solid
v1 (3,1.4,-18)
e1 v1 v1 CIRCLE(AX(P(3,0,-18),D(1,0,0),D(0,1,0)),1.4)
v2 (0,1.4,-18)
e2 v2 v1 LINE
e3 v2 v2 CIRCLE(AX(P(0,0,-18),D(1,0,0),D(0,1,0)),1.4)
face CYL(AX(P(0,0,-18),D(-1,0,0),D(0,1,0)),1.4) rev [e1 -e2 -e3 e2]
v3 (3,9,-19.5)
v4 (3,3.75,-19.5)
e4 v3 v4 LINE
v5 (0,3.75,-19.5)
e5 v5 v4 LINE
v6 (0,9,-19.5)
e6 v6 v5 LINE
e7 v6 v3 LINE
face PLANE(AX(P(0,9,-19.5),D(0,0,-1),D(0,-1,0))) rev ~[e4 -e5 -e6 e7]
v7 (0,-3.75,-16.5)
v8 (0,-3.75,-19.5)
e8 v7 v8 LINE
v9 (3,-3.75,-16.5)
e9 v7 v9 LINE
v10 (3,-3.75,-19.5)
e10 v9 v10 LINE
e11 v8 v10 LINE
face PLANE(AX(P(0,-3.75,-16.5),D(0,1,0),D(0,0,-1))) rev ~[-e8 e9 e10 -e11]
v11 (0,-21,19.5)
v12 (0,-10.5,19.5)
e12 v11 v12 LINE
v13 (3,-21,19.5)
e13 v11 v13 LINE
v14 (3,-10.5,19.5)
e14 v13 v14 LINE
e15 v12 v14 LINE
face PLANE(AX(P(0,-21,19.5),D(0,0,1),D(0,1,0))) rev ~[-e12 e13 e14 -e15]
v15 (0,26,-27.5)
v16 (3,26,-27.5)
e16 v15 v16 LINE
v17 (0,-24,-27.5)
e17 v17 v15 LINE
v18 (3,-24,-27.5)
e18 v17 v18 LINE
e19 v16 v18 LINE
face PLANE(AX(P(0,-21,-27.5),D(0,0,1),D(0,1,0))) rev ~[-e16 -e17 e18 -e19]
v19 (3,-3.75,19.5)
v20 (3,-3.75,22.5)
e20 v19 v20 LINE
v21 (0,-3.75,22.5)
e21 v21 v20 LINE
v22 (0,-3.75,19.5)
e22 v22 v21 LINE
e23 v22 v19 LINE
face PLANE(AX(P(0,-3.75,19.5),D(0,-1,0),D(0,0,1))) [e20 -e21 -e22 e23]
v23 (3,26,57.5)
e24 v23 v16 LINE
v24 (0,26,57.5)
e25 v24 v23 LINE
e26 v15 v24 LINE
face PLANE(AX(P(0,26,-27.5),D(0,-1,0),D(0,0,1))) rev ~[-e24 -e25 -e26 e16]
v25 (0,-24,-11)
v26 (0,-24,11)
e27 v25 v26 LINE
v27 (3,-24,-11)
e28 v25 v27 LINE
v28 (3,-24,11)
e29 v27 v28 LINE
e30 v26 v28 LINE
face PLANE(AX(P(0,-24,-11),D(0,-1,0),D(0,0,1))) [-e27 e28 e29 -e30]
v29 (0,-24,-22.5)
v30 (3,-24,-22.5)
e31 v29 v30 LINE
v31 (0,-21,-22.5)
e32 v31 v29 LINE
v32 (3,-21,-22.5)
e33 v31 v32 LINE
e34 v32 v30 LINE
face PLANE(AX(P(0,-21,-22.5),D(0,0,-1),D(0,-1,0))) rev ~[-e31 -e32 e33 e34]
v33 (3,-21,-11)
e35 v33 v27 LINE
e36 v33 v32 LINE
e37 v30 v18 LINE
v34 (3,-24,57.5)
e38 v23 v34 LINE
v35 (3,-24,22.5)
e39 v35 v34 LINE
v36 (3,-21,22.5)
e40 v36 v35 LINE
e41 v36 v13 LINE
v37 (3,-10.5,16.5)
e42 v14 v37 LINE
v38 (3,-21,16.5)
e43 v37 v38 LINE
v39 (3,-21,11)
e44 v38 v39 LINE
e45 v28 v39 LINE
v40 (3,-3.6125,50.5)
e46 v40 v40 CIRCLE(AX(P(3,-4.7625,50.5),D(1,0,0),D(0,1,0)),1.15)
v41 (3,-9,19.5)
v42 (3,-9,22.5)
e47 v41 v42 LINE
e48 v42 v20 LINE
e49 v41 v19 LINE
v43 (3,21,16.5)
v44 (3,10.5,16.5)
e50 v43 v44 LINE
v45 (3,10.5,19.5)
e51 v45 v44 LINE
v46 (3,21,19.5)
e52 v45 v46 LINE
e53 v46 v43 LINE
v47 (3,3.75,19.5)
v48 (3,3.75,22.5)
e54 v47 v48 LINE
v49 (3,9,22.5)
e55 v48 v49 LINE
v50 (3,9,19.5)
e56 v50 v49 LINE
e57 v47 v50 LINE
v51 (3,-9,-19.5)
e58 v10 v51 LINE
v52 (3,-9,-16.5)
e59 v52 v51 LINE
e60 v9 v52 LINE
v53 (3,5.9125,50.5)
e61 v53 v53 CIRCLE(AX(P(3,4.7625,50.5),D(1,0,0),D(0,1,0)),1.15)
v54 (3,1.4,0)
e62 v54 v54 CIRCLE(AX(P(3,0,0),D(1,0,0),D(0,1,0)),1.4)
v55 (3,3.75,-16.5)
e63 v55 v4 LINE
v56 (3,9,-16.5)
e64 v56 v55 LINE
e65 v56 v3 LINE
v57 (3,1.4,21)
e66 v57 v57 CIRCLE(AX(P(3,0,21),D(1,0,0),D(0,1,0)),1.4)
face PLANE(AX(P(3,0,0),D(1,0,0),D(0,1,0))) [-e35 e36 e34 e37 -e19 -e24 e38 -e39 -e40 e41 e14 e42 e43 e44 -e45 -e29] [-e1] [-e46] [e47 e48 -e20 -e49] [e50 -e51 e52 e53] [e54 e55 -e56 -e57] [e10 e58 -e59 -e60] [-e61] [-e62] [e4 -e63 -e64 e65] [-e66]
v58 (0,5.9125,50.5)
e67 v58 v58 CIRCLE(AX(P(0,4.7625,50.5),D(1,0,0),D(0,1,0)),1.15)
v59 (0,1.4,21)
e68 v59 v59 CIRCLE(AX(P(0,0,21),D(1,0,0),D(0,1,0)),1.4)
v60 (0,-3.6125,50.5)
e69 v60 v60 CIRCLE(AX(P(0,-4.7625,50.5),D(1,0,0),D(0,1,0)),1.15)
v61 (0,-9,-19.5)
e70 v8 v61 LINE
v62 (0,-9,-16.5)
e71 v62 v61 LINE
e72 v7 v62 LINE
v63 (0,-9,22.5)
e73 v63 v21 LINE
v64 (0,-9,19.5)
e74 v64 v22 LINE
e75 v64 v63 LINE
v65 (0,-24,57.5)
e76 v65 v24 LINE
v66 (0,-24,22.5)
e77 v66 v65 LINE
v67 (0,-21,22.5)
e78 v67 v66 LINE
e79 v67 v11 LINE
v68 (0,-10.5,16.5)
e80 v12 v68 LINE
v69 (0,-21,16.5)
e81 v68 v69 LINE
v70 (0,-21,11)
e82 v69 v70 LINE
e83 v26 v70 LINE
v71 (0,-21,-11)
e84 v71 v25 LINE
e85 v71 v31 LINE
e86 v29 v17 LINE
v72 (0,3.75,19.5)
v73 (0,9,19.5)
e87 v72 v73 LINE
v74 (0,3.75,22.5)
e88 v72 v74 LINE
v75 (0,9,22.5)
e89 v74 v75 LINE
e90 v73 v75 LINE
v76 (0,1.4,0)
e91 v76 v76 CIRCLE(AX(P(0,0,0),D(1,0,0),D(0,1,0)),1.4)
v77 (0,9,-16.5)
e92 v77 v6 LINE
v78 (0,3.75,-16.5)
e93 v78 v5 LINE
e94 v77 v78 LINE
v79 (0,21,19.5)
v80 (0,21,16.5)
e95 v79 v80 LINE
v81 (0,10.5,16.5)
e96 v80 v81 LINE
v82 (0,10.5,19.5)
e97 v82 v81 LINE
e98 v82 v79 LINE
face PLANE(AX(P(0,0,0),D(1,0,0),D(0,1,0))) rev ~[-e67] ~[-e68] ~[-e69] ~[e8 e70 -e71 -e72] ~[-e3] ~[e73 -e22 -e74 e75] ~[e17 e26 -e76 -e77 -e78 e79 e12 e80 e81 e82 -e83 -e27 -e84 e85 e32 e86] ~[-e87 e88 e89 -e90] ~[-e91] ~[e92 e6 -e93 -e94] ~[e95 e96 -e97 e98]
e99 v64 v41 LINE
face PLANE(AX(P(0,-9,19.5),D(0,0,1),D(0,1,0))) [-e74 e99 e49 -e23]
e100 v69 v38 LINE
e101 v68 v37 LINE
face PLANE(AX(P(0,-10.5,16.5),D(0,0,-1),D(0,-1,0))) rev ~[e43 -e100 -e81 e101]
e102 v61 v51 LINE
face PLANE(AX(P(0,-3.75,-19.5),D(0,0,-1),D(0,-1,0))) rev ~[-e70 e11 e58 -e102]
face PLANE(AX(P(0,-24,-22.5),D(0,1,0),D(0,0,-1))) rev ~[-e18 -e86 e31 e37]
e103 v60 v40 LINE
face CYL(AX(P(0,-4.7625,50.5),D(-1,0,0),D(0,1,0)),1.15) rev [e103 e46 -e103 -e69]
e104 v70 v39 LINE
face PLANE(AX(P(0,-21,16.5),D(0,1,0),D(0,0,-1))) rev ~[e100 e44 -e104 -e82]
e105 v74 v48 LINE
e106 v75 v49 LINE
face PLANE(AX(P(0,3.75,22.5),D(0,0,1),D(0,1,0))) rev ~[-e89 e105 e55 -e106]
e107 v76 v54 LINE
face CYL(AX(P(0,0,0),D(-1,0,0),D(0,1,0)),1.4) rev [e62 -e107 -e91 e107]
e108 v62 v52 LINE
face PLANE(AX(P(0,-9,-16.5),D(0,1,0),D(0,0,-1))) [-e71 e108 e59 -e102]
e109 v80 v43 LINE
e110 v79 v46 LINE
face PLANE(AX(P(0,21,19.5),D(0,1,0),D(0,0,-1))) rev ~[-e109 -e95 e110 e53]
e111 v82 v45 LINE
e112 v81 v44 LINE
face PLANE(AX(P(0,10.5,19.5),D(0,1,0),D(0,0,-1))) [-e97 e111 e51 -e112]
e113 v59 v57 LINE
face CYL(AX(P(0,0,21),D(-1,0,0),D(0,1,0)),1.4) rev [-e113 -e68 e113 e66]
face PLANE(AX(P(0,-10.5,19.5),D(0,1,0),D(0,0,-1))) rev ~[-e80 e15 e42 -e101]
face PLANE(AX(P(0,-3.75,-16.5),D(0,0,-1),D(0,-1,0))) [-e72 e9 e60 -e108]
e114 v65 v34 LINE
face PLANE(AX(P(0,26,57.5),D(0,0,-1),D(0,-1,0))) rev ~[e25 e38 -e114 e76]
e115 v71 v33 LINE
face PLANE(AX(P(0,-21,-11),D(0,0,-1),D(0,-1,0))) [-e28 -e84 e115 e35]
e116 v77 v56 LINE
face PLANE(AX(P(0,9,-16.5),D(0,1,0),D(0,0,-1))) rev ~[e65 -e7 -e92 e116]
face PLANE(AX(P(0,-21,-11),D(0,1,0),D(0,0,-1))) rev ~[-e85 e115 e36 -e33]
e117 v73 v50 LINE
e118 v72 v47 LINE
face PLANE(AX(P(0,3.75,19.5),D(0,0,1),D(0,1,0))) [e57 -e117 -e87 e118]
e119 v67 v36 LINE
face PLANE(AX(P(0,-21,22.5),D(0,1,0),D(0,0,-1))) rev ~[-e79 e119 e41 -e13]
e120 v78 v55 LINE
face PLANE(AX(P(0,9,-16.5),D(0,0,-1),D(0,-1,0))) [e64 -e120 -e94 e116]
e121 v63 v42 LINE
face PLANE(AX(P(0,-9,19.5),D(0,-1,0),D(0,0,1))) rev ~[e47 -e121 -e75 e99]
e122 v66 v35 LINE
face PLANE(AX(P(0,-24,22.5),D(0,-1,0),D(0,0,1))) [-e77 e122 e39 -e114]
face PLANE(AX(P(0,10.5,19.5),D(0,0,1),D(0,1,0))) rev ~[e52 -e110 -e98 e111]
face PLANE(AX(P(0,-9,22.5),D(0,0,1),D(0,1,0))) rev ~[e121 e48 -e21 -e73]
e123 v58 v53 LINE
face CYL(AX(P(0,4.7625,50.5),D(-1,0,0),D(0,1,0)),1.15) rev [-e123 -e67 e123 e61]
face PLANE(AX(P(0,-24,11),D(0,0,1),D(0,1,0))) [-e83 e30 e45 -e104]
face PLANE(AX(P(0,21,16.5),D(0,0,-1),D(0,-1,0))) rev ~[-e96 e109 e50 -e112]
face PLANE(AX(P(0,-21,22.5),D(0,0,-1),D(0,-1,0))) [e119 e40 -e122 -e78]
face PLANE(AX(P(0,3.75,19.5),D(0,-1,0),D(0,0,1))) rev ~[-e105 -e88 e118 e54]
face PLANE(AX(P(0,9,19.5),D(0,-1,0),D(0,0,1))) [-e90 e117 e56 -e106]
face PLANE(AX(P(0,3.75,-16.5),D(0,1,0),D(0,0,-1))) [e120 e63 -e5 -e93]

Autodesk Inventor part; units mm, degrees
ref_plane "YZ Plane" through (0, 0, 0) normal (1, 0, 0) x (0, 1, 0)
ref_plane "XZ Plane" through (0, 0, 0) normal (0, 1, 0) x (-1, 0, 0)
ref_plane "XY Plane" through (0, 0, 0) normal (0, 0, 1) x (1, 0, 0)
sketch "Sketch2" plane through (0, 0, 0) normal (1, 0, 0) x (0, 1, 0)
  line L0 (-21, 22.5) -> (-21, 19.5)
  line L1 (-21, -11) -> (-21, -27.5)
  line L2 (-21, -27.5) -> (26, -27.5)
  line L3 (26, -27.5) -> (26, 27.5)
  line L4 (26, 27.5) -> (-21, 27.5)
  line L5 (-21, 27.5) -> (-21, 22.5)
  line L6 (26, 27.5) -> (26, 57.5)
  line L7 (26, 57.5) -> (-21, 57.5)
  line L8 (-21, 57.5) -> (-21, 27.5)
  circle A0 centre (4.7625, 50.5) radius 1.15
  circle A1 centre (-4.7625, 50.5) radius 1.15
  line L9 (4.7625, 50.5) -> (0, 50.5) construction
  line L10 (0, 50.5) -> (-4.7625, 50.5) construction
  line L11 (-21, 22.5) -> (-24, 22.5)
  line L12 (-24, 22.5) -> (-24, 57.5)
  line L13 (-24, 57.5) -> (-21, 57.5)
  line L14 (-21, -22.5) -> (-24, -22.5)
  line L15 (-24, -22.5) -> (-24, -27.5)
  line L16 (-24, -27.5) -> (-21, -27.5)
  line L17 (-21, -11) -> (-24, -11)
  line L18 (-24, -11) -> (-24, 11)
  line L19 (-24, 11) -> (-21, 11)
  line L20 (-21, 11) -> (-21, -11)
  line L21 (-21, 16.5) -> (-21, 11)
  line L22 (-21, 19.5) -> (-21, 16.5)
  circle A2 centre (0, 0) radius 1.4
  line L23 (10.5, 19.5) -> (21, 19.5) projected
  line L24 (10.5, 19.5) -> (10.5, 16.5) projected
  line L25 (21, 16.5) -> (10.5, 16.5) projected
  line L26 (21, 19.5) -> (21, 16.5) projected
  line L27 (3.75, 19.5) -> (9, 19.5) projected
  line L28 (9, 19.5) -> (9, 22.5) projected
  line L29 (3.75, 22.5) -> (9, 22.5) projected
  line L30 (3.75, 19.5) -> (3.75, 22.5) projected
  line L31 (-9, 19.5) -> (-3.75, 19.5) projected
  line L32 (-3.75, 19.5) -> (-3.75, 22.5) projected
  line L33 (-9, 22.5) -> (-3.75, 22.5) projected
  line L34 (-9, 19.5) -> (-9, 22.5) projected
  line L35 (-24, 19.5) -> (-10.5, 19.5) projected
  line L36 (-24, 19.5) -> (-24, 16.5) projected
  line L37 (-10.5, 16.5) -> (-24, 16.5) projected
  line L38 (-10.5, 19.5) -> (-10.5, 16.5) projected
  line L39 (0, -44.5) -> (0, 74.5) construction
  line L40 (-34, 0) -> (36, 0) construction
  line L41 (3.75, 22.5) -> (-3.75, 19.5) construction
  line L42 (3.75, 19.5) -> (-3.75, 22.5) construction
  circle A3 centre (0, 21) radius 1.4
  line L43 (-10.5, 16.5) -> (-21, 16.5)
  line L44 (-10.5, 16.5) -> (-10.5, 19.5)
  line L45 (-10.5, 19.5) -> (-21, 19.5)
  line L46 (-21, 16.5) -> (-21, 19.5)
  line L47 (9, -16.5) -> (3.75, -16.5) projected
  line L48 (3.75, -16.5) -> (3.75, -19.5) projected
  line L49 (9, -19.5) -> (3.75, -19.5) projected
  line L50 (9, -16.5) -> (9, -19.5) projected
  line L51 (-3.75, -16.5) -> (-9, -16.5) projected
  line L52 (-9, -16.5) -> (-9, -19.5) projected
  line L53 (-3.75, -19.5) -> (-9, -19.5) projected
  line L54 (-3.75, -16.5) -> (-3.75, -19.5) projected
  line L55 (3.75, -16.5) -> (-3.75, -19.5) construction
  line L56 (-3.75, -16.5) -> (3.75, -19.5) construction
  circle A4 centre (0, -18) radius 1.4
  dimension "d11" = 30
  dimension "d12" = 2.3
  dimension "d13" = 2.3
  dimension "d14" = 9.525
  dimension "d15" = 7
  dimension "d18" = 3
  dimension "d21" = 22
  dimension "d24" = 2.8
  dimension "d27" = 5
  dimension "d28" = 2.8
  dimension "d30" = 5
  dimension "d31" = 55
  dimension "d32" = 47
  dimension "d33" = 2.8
extrude "Extrusion2" add sketch "Sketch2" along normal blind 3 contours L5 L4 L3 L2 L1 L20 L21 L37 L38 L35 L0 | L11 L12 L13 L8 L5 | L8 L7 L6 L4 | L20 L17 L18 L19 | L16 L15 L14 L1
properties part number "X-Motor-Housing_Side"
